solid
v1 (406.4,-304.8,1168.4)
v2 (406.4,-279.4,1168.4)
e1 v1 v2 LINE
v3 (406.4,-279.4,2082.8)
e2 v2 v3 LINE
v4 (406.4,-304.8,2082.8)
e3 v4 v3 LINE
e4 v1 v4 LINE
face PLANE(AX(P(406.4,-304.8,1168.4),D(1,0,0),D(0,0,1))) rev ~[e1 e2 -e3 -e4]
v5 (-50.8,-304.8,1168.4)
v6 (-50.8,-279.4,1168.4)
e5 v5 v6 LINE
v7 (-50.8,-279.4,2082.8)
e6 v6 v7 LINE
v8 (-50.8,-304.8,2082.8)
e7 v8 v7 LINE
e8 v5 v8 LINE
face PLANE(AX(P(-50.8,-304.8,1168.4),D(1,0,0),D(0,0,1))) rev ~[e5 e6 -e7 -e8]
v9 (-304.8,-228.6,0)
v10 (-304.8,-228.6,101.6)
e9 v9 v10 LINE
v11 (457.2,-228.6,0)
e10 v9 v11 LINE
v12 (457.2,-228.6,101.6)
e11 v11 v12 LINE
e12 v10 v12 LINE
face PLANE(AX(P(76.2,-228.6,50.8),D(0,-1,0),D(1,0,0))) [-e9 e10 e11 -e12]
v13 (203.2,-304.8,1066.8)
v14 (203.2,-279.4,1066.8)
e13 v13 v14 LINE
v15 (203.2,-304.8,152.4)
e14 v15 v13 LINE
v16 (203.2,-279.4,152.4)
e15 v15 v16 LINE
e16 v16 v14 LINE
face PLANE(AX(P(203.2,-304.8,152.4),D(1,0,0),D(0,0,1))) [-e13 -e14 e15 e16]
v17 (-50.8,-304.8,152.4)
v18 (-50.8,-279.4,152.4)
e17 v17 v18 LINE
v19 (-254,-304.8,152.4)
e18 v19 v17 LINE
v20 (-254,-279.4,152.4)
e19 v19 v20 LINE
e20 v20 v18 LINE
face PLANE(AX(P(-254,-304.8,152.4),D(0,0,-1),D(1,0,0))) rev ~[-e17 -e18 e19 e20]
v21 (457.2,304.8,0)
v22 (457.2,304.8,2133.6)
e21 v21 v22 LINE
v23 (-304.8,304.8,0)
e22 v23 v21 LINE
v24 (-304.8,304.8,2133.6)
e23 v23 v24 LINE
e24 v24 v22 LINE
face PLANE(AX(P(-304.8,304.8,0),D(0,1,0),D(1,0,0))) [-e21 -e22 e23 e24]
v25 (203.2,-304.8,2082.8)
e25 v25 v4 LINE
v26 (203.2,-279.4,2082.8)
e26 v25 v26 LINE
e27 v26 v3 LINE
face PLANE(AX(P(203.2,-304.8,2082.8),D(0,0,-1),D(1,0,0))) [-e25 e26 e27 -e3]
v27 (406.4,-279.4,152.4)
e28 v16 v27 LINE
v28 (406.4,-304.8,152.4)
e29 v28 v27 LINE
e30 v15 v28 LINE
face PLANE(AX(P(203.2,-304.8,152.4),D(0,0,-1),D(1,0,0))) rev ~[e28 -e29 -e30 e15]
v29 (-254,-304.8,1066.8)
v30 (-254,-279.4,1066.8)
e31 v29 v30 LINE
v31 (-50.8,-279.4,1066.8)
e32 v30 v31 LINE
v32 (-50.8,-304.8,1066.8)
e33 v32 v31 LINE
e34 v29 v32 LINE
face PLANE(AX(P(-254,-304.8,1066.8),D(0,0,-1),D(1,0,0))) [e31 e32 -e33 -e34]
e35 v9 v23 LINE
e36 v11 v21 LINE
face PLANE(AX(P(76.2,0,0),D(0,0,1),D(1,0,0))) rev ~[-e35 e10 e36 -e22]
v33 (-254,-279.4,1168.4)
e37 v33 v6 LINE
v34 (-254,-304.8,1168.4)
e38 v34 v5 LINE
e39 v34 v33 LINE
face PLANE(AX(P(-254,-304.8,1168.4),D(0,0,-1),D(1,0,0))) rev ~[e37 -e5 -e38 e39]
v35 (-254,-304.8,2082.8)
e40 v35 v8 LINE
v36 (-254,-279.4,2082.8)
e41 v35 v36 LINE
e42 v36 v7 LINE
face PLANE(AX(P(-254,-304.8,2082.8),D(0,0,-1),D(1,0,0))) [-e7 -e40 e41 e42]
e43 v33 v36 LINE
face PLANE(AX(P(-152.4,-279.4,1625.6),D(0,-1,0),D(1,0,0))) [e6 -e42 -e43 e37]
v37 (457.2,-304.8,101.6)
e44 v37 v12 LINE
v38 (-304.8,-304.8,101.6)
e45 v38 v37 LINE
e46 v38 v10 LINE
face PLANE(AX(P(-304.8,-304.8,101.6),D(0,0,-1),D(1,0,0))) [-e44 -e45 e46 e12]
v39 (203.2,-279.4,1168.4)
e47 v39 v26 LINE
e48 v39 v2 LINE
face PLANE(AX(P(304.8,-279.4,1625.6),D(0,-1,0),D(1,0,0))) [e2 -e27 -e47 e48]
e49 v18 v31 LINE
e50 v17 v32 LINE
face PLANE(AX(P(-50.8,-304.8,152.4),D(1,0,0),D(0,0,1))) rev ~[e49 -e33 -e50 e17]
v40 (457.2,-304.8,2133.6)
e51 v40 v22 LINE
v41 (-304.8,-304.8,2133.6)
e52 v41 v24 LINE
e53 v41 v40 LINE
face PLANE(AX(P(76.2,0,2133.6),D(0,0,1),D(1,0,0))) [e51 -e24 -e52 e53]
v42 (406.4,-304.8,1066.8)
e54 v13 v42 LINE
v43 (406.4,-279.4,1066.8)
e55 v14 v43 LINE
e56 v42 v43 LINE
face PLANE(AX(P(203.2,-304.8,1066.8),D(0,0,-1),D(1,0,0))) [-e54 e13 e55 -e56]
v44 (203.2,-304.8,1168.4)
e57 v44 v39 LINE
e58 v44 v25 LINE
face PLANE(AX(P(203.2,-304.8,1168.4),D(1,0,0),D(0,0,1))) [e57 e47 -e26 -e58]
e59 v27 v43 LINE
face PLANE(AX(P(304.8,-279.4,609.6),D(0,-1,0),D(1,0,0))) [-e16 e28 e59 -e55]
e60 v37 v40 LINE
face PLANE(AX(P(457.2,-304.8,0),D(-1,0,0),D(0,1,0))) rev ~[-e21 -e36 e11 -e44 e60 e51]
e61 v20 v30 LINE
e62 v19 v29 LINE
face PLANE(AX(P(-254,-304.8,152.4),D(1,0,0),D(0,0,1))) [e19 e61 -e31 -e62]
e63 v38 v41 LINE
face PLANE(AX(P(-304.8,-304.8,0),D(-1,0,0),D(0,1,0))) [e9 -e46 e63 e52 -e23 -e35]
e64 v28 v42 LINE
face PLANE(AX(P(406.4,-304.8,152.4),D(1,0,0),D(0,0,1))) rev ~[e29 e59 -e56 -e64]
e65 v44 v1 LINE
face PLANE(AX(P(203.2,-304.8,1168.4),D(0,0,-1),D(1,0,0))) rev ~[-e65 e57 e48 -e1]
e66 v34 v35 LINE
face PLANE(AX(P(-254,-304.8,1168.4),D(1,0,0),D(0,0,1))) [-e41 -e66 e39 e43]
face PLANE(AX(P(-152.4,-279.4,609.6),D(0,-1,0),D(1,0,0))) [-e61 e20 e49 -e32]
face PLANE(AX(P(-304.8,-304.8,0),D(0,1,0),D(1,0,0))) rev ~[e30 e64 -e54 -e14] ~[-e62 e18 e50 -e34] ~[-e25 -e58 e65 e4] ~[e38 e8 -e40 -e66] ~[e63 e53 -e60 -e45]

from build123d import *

# Parameters (mm, degrees)
F0_W     = 762
F0_H     = 609.6
F1_DEPTH = 2133.6
F2_W     = 762
F2_H     = 101.6
F3_DEPTH = 76.2
F4_W     = 203.2
F4_H     = 914.4
F5_DEPTH = 25.4


with BuildPart() as f1:
    # F0 (on Top) → F1 (new body)
    with BuildSketch(Plane.XY):
        with Locations((76.2, 0)):
            Rectangle(F0_W, F0_H)
    extrude(amount=F1_DEPTH)

    # F2 (on face) → F3 (cut)
    with BuildSketch(Plane.XZ.offset(304.8)):
        with Locations((76.2, 50.8)):
            Rectangle(F2_W, F2_H)
    extrude(amount=-F3_DEPTH, mode=Mode.SUBTRACT)

    # F4 (on face) → F5 (cut)
    with BuildSketch(Plane.XZ.offset(304.8)):
        with Locations((-152.4, 1625.6)):
            Rectangle(F4_W, F4_H)
        with Locations((304.8, 1625.6)):
            Rectangle(F4_W, F4_H)
        with Locations((304.8, 609.6)):
            Rectangle(F4_W, F4_H)
        with Locations((-152.4, 609.6)):
            Rectangle(F4_W, F4_H)
    extrude(amount=-F5_DEPTH, mode=Mode.SUBTRACT)


solid = f1.part
